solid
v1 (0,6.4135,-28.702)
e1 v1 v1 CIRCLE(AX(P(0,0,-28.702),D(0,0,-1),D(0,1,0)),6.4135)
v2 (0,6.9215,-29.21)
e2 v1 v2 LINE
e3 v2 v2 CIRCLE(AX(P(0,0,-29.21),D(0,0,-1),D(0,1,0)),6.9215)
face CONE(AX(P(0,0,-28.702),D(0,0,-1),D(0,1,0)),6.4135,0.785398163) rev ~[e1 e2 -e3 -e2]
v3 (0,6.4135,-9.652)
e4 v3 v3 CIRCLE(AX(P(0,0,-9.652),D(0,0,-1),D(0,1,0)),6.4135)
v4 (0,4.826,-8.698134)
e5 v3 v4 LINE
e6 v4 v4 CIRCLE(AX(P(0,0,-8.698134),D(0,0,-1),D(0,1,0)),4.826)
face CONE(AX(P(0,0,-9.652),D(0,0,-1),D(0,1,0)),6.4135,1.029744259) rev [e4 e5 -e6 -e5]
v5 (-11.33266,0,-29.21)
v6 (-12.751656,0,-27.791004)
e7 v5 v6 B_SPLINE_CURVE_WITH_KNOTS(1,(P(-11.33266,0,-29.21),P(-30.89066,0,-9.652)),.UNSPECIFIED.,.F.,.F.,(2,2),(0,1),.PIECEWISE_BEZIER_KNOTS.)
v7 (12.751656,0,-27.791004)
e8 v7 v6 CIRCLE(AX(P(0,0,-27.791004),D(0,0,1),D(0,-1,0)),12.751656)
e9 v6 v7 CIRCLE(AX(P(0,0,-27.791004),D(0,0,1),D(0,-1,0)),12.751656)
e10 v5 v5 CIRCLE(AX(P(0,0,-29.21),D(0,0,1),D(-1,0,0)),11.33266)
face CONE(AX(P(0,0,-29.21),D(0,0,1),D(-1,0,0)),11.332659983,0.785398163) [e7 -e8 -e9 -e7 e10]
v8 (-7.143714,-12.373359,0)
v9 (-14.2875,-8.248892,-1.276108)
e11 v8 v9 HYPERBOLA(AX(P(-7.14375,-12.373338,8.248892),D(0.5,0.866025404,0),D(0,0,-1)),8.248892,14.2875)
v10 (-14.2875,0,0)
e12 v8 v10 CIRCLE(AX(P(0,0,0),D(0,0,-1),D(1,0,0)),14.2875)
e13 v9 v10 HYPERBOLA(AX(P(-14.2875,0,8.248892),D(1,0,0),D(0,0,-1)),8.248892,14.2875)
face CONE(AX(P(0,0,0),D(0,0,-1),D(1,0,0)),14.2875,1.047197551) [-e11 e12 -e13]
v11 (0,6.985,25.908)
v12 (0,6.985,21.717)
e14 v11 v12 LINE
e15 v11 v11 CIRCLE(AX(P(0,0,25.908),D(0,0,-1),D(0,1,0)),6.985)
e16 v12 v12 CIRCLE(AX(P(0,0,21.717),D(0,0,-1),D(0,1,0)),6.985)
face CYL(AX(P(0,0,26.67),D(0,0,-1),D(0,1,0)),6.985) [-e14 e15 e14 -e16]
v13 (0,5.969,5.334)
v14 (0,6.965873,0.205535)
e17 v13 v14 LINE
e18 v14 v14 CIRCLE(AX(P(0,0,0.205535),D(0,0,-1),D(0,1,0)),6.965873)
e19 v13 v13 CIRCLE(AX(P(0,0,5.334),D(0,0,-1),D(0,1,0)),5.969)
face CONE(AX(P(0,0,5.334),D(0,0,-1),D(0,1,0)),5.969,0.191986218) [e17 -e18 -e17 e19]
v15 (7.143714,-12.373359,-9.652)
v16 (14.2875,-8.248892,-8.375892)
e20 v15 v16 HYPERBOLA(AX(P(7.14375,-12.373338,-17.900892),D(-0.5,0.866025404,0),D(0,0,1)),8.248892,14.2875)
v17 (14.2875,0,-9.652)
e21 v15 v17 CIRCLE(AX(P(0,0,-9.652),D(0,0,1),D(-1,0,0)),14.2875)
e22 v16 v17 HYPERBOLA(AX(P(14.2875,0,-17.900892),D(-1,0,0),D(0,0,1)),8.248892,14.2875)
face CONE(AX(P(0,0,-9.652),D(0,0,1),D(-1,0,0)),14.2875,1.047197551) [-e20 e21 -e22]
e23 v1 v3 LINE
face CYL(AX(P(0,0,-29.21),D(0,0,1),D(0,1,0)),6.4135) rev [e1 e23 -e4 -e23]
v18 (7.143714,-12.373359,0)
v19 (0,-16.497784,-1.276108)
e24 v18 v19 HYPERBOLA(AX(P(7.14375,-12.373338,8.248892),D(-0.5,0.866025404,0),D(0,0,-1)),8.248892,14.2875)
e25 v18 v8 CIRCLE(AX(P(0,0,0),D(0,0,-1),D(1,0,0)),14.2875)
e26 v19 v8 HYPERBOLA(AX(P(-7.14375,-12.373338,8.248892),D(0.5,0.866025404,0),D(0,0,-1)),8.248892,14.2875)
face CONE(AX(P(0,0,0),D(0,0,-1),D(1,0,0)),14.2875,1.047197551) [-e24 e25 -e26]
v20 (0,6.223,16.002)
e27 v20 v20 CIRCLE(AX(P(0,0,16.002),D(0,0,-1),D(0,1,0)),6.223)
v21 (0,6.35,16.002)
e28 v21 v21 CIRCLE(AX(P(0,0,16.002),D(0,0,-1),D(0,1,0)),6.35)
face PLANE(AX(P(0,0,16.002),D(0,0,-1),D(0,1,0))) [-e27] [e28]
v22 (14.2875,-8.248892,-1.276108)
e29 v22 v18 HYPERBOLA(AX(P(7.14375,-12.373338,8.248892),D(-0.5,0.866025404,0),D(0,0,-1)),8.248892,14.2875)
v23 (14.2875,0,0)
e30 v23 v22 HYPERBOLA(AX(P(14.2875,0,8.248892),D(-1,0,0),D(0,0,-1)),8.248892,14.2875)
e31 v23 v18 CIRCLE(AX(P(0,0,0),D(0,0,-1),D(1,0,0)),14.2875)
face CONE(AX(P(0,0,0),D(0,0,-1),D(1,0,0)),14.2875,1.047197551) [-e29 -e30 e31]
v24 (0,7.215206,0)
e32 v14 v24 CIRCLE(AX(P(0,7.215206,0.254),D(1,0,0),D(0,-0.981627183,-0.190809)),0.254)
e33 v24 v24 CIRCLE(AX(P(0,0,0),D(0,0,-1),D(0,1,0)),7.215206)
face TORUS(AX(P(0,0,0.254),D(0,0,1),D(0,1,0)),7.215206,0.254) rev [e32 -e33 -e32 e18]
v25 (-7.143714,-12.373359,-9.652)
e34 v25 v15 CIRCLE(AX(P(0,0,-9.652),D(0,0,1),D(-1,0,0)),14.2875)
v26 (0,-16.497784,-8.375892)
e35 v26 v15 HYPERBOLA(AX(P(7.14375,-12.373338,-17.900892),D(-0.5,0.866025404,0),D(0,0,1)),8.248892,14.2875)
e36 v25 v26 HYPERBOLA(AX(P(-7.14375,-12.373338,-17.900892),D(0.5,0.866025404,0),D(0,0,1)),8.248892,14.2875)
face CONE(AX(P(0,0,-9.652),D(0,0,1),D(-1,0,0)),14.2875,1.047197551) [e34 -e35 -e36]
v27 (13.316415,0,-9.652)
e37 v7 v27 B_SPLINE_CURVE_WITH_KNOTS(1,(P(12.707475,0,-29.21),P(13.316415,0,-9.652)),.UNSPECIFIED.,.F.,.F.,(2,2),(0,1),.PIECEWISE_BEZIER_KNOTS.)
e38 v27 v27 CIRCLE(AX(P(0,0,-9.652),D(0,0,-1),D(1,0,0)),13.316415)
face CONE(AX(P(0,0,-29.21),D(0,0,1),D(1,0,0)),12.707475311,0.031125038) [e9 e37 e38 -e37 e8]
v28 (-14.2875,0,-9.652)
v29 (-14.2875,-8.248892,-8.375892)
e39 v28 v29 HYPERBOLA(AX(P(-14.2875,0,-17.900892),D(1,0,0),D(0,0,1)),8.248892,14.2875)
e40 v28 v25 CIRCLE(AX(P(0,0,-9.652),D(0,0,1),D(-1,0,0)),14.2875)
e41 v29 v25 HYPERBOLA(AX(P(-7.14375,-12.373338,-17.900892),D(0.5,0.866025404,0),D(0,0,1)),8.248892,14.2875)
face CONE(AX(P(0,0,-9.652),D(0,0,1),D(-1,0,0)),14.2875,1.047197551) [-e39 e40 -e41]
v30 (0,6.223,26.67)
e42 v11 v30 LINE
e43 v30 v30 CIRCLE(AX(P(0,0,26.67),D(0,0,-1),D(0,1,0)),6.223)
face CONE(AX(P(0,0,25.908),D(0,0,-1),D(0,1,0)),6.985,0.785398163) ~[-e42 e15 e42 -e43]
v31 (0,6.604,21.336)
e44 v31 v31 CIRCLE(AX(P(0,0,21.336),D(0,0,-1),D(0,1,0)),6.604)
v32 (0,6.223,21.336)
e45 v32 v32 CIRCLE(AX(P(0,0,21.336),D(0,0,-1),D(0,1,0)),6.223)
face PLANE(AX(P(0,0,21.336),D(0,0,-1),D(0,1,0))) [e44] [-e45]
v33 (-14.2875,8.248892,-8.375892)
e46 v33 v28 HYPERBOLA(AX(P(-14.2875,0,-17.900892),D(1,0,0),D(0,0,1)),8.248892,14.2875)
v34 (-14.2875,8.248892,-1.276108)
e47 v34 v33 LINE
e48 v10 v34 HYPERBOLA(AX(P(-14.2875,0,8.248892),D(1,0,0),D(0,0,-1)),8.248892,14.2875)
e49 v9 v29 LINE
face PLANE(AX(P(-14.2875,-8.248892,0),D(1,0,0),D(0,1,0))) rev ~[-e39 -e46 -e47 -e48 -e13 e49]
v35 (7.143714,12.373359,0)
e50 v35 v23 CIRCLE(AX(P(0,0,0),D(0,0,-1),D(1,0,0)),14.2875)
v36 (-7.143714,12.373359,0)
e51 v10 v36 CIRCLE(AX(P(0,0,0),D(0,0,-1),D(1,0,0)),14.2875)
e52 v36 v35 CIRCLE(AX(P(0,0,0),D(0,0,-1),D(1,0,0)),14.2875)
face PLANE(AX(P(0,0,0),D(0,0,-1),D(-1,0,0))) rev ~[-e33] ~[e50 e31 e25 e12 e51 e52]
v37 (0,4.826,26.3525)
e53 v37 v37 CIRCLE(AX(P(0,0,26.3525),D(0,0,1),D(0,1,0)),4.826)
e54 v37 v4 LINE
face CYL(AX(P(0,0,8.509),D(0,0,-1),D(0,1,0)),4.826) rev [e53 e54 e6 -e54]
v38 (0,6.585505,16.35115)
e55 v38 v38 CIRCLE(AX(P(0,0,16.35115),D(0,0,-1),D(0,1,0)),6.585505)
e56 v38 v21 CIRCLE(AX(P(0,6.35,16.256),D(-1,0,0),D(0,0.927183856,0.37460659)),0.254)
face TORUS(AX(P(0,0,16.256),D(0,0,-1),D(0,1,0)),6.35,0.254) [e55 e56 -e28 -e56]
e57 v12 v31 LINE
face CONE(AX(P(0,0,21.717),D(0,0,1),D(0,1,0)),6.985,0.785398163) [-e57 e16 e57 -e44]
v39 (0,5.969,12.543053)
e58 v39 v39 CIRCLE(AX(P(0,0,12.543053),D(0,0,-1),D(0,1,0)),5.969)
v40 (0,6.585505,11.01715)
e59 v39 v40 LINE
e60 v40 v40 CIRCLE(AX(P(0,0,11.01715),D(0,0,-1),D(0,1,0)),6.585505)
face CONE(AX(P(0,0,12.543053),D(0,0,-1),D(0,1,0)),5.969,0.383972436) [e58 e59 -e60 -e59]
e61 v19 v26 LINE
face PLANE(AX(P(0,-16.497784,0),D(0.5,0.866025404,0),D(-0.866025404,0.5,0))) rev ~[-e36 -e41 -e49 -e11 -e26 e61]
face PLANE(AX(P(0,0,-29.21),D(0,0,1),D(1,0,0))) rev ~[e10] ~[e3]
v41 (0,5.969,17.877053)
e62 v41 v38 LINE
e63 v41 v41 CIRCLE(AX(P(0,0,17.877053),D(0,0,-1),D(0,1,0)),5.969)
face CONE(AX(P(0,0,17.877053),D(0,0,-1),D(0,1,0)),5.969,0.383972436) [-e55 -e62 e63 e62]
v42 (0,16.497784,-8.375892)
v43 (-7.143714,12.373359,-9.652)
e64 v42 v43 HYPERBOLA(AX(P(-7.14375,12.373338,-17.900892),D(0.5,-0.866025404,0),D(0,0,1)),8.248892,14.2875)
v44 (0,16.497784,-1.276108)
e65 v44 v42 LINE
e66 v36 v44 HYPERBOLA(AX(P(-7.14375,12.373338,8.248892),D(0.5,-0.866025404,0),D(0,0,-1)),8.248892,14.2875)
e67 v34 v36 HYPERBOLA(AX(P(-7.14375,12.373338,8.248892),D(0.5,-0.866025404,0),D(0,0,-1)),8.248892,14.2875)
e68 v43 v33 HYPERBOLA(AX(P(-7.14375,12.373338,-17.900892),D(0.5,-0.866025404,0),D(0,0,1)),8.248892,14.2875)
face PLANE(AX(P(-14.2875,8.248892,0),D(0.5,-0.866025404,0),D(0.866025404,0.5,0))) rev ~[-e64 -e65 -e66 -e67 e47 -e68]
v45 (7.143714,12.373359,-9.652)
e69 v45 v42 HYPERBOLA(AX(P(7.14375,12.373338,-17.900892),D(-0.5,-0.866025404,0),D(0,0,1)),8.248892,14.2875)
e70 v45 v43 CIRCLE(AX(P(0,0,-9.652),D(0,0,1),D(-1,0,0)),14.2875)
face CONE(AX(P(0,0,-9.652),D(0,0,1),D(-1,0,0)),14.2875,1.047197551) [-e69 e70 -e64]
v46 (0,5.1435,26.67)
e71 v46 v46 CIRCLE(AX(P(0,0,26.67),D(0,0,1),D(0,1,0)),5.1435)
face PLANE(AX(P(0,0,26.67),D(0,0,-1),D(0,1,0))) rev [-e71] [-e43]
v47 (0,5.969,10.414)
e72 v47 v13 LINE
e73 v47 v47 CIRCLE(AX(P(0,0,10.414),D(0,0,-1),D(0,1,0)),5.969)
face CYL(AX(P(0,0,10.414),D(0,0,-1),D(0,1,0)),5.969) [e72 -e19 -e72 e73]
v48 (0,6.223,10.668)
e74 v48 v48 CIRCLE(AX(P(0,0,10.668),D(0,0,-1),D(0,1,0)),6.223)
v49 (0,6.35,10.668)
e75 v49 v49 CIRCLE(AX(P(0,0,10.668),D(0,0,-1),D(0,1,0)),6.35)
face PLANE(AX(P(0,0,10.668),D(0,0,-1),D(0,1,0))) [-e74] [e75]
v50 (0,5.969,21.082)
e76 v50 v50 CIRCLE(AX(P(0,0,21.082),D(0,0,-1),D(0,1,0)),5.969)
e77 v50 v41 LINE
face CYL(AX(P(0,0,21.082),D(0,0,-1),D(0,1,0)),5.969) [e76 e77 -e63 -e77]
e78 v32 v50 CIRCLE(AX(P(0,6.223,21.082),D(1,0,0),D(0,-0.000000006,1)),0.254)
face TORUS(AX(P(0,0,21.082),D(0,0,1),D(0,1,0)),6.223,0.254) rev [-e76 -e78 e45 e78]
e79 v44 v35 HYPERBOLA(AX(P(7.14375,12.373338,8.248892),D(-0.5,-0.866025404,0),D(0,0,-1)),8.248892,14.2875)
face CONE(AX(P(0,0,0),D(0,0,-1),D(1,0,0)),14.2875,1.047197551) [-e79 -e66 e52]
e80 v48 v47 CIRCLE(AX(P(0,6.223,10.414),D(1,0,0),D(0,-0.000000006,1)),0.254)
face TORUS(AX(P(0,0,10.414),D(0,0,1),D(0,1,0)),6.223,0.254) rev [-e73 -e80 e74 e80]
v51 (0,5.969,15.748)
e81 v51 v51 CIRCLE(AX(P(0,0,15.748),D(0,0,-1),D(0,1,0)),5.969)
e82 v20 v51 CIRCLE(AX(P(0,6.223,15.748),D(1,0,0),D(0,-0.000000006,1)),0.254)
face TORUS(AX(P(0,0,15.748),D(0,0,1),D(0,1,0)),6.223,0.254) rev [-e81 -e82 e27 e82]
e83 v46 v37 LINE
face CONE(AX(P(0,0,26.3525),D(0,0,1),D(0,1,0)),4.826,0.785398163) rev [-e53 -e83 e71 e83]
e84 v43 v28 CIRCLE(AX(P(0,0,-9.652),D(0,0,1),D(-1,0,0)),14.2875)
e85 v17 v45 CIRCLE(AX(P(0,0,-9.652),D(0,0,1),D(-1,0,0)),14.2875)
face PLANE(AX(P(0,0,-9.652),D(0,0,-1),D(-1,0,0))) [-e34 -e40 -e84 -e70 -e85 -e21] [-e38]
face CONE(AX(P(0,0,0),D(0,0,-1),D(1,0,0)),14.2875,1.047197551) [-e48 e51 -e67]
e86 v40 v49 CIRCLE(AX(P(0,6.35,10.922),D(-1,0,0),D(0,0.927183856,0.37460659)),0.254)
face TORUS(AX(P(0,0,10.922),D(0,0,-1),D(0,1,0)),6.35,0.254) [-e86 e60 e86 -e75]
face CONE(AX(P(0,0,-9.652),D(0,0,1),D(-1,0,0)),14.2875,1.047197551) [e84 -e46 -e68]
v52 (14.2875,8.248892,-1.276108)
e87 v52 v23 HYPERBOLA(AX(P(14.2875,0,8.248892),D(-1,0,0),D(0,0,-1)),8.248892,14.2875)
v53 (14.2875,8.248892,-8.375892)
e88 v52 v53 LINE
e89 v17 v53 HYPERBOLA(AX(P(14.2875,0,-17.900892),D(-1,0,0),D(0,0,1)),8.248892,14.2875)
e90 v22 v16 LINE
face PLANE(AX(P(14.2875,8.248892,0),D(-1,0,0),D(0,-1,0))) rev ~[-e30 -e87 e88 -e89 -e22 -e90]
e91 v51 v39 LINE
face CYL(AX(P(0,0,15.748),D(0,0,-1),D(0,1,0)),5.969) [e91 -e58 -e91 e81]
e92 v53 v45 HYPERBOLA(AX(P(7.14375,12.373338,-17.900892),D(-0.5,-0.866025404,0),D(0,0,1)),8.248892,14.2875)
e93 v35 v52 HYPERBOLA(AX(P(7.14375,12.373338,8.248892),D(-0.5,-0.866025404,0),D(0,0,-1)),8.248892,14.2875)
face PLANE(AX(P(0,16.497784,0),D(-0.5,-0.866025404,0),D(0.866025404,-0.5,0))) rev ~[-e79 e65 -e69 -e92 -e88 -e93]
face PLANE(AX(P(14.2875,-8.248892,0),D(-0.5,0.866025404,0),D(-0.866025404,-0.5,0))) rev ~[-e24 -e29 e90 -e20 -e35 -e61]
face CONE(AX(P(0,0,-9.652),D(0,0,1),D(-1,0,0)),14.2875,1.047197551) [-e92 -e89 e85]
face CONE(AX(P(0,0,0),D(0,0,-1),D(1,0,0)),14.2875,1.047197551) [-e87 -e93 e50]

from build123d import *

# Parameters (mm, degrees)
CHAMFER1_SIZE       = 0.381
CHAMFER2_SIZE       = 0.762
SKETCH3_R           = 12.707475311
BOSS_EXTRUDE1_DEPTH = 19.558
BOSS_EXTRUDE1_TAPER = -1.78333333
SKETCH6_OUTSIDE_W   = 81.226
SKETCH6_OUTSIDE_H   = 81.226
SKETCH6_OUTSIDE_R   = 11.332659983
CUT_EXTRUDE1_DEPTH  = 19.558
CUT_EXTRUDE1_TAPER  = 45
BOSS_EXTRUDE2_DEPTH = 9.652
SKETCH8_OUTSIDE_W   = 78.192
SKETCH8_OUTSIDE_H   = 82.612
SKETCH8_OUTSIDE_R   = 14.2875
CUT_EXTRUDE2_DEPTH  = 9.652
CUT_EXTRUDE2_TAPER  = 60
SKETCH9_OUTSIDE_W   = 78.192
SKETCH9_OUTSIDE_H   = 82.612
SKETCH9_OUTSIDE_R   = 14.2875
CUT_EXTRUDE3_DEPTH  = 9.652
CUT_EXTRUDE3_TAPER  = 60
SKETCH10_W          = 36.322
SKETCH10_H          = 4.826
CHAMFER3_SIZE       = 0.3175
CHAMFER4_SIZE       = 0.508


with BuildPart() as part:
    # Sketch2 → Revolve1 (revolve)
    with BuildSketch(Plane(origin=(0, 0, 0), x_dir=(0, 0, -1), z_dir=(1, 0, 0))):
        with BuildLine():
            Line((-21.082, 5.969), (-17.87705275, 5.969))
            Line((-17.87705275, 5.969), (-16.351150075, 6.585504699))
            ThreePointArc((-16.351150075, 6.585504699), (-16.113965003, 6.560575543), (-16.002, 6.35))
            Line((-16.002, 6.35), (-16.002, 6.223))
            ThreePointArc((-16.002, 6.223), (-15.927605122, 6.043394878), (-15.748, 5.969))
            Line((-15.748, 5.969), (-12.54305275, 5.969))
            Line((-12.54305275, 5.969), (-11.017150075, 6.585504699))
            ThreePointArc((-11.017150075, 6.585504699), (-10.779965003, 6.560575543), (-10.668, 6.35))
            Line((-10.668, 6.35), (-10.668, 6.223))
            ThreePointArc((-10.668, 6.223), (-10.593605122, 6.043394878), (-10.414, 5.969))
            Line((-10.414, 5.969), (-5.334, 5.969))
            Line((-5.334, 5.969), (-0.205534515, 6.965872706))
            ThreePointArc((-0.205534515, 6.965872706), (-0.058007356, 7.053642143), (0, 7.215206011))
            Line((0, 7.215206011), (0, 0))
            Line((0, 0), (-26.67, 0))
            Line((-26.67, 0), (-26.67, 6.985))
            Line((-26.67, 6.985), (-21.336, 6.985))
            Line((-21.336, 6.985), (-21.336, 6.223))
            ThreePointArc((-21.336, 6.223), (-21.261605122, 6.043394878), (-21.082, 5.969))
        make_face()
    revolve(axis=Axis((0, 0, 26.67), (0, 0, -1)))

    # Chamfer1
    chamfer1_edges = [part.edges().sort_by_distance(p)[0] for p in [
        (0, -6.985, 21.336),
    ]]
    chamfer(chamfer1_edges, length=CHAMFER1_SIZE)

    # Chamfer2
    chamfer2_edges = [part.edges().sort_by_distance(p)[0] for p in [
        (0, -6.985, 26.67),
    ]]
    chamfer(chamfer2_edges, length=CHAMFER2_SIZE)



with BuildPart() as body_2:
    # Sketch3 → Boss-Extrude1 (new body)
    with BuildSketch(Plane.XY.offset(-29.21)):
        Circle(SKETCH3_R)
    extrude(amount=BOSS_EXTRUDE1_DEPTH, taper=BOSS_EXTRUDE1_TAPER)

    # Sketch6 outside → Cut-Extrude1 (cut)
    with BuildSketch(Plane(origin=(0, 0, -29.21), x_dir=(-1, 0, 0), z_dir=(0, 0, -1))):
        Rectangle(SKETCH6_OUTSIDE_W, SKETCH6_OUTSIDE_H)
        Circle(SKETCH6_OUTSIDE_R, mode=Mode.SUBTRACT)
    extrude(amount=-CUT_EXTRUDE1_DEPTH, taper=CUT_EXTRUDE1_TAPER, mode=Mode.SUBTRACT)


with BuildPart() as part_1:
    add(part.part)

    add(body_2.part)  # Boss-Extrude2 merges body 2
    # Sketch7 → Boss-Extrude2 (add)
    with BuildSketch(Plane(origin=(0, 0, 0), x_dir=(-1, 0, 0), z_dir=(0, 0, -1))):
        Polygon((0, 16.497783942), (-14.2875, 8.248891971), (-14.2875, -8.248891971), (0, -16.497783942), (14.2875, -8.248891971), (14.2875, 8.248891971), align=None)
    extrude(amount=BOSS_EXTRUDE2_DEPTH)

    # Sketch8 outside → Cut-Extrude2 (cut)
    with BuildSketch(Plane.XY):
        Rectangle(SKETCH8_OUTSIDE_W, SKETCH8_OUTSIDE_H)
        Circle(SKETCH8_OUTSIDE_R, mode=Mode.SUBTRACT)
    extrude(amount=-CUT_EXTRUDE2_DEPTH, taper=CUT_EXTRUDE2_TAPER, mode=Mode.SUBTRACT)

    # Sketch9 outside → Cut-Extrude3 (cut)
    with BuildSketch(Plane(origin=(0, 0, -9.652), x_dir=(-1, 0, 0), z_dir=(0, 0, -1))):
        Rectangle(SKETCH9_OUTSIDE_W, SKETCH9_OUTSIDE_H)
        Circle(SKETCH9_OUTSIDE_R, mode=Mode.SUBTRACT)
    extrude(amount=-CUT_EXTRUDE3_DEPTH, taper=CUT_EXTRUDE3_TAPER, mode=Mode.SUBTRACT)

    # Sketch10 → Cut-Revolve1 (revolve, cut)
    with BuildSketch(Plane(origin=(0, 0, 0), x_dir=(0, 0, -1), z_dir=(1, 0, 0))):
        with Locations((-8.509, 2.413)):
            Rectangle(SKETCH10_W, SKETCH10_H)
    revolve(axis=Axis((0, 0, 0), (0, 0, 1)), mode=Mode.SUBTRACT)

    # Chamfer3
    chamfer3_edges = [part_1.edges().sort_by_distance(p)[0] for p in [
        (0, -4.826, 26.67),
    ]]
    chamfer(chamfer3_edges, length=CHAMFER3_SIZE)

    # Sketch11 → Cut-Revolve2 (revolve, cut)
    with BuildSketch(Plane(origin=(0, 0, 0), x_dir=(0, 0, -1), z_dir=(1, 0, 0))):
        Polygon((29.21, 0), (29.21, 6.4135), (9.652, 6.4135), (5.79838042, 0), align=None)
    revolve(axis=Axis((0, 0, 0), (0, 0, -1)), mode=Mode.SUBTRACT)

    # Chamfer4
    chamfer4_edges = [part_1.edges().sort_by_distance(p)[0] for p in [
        (0, -6.4135, -29.21),
    ]]
    chamfer(chamfer4_edges, length=CHAMFER4_SIZE)


solid = part_1.part
